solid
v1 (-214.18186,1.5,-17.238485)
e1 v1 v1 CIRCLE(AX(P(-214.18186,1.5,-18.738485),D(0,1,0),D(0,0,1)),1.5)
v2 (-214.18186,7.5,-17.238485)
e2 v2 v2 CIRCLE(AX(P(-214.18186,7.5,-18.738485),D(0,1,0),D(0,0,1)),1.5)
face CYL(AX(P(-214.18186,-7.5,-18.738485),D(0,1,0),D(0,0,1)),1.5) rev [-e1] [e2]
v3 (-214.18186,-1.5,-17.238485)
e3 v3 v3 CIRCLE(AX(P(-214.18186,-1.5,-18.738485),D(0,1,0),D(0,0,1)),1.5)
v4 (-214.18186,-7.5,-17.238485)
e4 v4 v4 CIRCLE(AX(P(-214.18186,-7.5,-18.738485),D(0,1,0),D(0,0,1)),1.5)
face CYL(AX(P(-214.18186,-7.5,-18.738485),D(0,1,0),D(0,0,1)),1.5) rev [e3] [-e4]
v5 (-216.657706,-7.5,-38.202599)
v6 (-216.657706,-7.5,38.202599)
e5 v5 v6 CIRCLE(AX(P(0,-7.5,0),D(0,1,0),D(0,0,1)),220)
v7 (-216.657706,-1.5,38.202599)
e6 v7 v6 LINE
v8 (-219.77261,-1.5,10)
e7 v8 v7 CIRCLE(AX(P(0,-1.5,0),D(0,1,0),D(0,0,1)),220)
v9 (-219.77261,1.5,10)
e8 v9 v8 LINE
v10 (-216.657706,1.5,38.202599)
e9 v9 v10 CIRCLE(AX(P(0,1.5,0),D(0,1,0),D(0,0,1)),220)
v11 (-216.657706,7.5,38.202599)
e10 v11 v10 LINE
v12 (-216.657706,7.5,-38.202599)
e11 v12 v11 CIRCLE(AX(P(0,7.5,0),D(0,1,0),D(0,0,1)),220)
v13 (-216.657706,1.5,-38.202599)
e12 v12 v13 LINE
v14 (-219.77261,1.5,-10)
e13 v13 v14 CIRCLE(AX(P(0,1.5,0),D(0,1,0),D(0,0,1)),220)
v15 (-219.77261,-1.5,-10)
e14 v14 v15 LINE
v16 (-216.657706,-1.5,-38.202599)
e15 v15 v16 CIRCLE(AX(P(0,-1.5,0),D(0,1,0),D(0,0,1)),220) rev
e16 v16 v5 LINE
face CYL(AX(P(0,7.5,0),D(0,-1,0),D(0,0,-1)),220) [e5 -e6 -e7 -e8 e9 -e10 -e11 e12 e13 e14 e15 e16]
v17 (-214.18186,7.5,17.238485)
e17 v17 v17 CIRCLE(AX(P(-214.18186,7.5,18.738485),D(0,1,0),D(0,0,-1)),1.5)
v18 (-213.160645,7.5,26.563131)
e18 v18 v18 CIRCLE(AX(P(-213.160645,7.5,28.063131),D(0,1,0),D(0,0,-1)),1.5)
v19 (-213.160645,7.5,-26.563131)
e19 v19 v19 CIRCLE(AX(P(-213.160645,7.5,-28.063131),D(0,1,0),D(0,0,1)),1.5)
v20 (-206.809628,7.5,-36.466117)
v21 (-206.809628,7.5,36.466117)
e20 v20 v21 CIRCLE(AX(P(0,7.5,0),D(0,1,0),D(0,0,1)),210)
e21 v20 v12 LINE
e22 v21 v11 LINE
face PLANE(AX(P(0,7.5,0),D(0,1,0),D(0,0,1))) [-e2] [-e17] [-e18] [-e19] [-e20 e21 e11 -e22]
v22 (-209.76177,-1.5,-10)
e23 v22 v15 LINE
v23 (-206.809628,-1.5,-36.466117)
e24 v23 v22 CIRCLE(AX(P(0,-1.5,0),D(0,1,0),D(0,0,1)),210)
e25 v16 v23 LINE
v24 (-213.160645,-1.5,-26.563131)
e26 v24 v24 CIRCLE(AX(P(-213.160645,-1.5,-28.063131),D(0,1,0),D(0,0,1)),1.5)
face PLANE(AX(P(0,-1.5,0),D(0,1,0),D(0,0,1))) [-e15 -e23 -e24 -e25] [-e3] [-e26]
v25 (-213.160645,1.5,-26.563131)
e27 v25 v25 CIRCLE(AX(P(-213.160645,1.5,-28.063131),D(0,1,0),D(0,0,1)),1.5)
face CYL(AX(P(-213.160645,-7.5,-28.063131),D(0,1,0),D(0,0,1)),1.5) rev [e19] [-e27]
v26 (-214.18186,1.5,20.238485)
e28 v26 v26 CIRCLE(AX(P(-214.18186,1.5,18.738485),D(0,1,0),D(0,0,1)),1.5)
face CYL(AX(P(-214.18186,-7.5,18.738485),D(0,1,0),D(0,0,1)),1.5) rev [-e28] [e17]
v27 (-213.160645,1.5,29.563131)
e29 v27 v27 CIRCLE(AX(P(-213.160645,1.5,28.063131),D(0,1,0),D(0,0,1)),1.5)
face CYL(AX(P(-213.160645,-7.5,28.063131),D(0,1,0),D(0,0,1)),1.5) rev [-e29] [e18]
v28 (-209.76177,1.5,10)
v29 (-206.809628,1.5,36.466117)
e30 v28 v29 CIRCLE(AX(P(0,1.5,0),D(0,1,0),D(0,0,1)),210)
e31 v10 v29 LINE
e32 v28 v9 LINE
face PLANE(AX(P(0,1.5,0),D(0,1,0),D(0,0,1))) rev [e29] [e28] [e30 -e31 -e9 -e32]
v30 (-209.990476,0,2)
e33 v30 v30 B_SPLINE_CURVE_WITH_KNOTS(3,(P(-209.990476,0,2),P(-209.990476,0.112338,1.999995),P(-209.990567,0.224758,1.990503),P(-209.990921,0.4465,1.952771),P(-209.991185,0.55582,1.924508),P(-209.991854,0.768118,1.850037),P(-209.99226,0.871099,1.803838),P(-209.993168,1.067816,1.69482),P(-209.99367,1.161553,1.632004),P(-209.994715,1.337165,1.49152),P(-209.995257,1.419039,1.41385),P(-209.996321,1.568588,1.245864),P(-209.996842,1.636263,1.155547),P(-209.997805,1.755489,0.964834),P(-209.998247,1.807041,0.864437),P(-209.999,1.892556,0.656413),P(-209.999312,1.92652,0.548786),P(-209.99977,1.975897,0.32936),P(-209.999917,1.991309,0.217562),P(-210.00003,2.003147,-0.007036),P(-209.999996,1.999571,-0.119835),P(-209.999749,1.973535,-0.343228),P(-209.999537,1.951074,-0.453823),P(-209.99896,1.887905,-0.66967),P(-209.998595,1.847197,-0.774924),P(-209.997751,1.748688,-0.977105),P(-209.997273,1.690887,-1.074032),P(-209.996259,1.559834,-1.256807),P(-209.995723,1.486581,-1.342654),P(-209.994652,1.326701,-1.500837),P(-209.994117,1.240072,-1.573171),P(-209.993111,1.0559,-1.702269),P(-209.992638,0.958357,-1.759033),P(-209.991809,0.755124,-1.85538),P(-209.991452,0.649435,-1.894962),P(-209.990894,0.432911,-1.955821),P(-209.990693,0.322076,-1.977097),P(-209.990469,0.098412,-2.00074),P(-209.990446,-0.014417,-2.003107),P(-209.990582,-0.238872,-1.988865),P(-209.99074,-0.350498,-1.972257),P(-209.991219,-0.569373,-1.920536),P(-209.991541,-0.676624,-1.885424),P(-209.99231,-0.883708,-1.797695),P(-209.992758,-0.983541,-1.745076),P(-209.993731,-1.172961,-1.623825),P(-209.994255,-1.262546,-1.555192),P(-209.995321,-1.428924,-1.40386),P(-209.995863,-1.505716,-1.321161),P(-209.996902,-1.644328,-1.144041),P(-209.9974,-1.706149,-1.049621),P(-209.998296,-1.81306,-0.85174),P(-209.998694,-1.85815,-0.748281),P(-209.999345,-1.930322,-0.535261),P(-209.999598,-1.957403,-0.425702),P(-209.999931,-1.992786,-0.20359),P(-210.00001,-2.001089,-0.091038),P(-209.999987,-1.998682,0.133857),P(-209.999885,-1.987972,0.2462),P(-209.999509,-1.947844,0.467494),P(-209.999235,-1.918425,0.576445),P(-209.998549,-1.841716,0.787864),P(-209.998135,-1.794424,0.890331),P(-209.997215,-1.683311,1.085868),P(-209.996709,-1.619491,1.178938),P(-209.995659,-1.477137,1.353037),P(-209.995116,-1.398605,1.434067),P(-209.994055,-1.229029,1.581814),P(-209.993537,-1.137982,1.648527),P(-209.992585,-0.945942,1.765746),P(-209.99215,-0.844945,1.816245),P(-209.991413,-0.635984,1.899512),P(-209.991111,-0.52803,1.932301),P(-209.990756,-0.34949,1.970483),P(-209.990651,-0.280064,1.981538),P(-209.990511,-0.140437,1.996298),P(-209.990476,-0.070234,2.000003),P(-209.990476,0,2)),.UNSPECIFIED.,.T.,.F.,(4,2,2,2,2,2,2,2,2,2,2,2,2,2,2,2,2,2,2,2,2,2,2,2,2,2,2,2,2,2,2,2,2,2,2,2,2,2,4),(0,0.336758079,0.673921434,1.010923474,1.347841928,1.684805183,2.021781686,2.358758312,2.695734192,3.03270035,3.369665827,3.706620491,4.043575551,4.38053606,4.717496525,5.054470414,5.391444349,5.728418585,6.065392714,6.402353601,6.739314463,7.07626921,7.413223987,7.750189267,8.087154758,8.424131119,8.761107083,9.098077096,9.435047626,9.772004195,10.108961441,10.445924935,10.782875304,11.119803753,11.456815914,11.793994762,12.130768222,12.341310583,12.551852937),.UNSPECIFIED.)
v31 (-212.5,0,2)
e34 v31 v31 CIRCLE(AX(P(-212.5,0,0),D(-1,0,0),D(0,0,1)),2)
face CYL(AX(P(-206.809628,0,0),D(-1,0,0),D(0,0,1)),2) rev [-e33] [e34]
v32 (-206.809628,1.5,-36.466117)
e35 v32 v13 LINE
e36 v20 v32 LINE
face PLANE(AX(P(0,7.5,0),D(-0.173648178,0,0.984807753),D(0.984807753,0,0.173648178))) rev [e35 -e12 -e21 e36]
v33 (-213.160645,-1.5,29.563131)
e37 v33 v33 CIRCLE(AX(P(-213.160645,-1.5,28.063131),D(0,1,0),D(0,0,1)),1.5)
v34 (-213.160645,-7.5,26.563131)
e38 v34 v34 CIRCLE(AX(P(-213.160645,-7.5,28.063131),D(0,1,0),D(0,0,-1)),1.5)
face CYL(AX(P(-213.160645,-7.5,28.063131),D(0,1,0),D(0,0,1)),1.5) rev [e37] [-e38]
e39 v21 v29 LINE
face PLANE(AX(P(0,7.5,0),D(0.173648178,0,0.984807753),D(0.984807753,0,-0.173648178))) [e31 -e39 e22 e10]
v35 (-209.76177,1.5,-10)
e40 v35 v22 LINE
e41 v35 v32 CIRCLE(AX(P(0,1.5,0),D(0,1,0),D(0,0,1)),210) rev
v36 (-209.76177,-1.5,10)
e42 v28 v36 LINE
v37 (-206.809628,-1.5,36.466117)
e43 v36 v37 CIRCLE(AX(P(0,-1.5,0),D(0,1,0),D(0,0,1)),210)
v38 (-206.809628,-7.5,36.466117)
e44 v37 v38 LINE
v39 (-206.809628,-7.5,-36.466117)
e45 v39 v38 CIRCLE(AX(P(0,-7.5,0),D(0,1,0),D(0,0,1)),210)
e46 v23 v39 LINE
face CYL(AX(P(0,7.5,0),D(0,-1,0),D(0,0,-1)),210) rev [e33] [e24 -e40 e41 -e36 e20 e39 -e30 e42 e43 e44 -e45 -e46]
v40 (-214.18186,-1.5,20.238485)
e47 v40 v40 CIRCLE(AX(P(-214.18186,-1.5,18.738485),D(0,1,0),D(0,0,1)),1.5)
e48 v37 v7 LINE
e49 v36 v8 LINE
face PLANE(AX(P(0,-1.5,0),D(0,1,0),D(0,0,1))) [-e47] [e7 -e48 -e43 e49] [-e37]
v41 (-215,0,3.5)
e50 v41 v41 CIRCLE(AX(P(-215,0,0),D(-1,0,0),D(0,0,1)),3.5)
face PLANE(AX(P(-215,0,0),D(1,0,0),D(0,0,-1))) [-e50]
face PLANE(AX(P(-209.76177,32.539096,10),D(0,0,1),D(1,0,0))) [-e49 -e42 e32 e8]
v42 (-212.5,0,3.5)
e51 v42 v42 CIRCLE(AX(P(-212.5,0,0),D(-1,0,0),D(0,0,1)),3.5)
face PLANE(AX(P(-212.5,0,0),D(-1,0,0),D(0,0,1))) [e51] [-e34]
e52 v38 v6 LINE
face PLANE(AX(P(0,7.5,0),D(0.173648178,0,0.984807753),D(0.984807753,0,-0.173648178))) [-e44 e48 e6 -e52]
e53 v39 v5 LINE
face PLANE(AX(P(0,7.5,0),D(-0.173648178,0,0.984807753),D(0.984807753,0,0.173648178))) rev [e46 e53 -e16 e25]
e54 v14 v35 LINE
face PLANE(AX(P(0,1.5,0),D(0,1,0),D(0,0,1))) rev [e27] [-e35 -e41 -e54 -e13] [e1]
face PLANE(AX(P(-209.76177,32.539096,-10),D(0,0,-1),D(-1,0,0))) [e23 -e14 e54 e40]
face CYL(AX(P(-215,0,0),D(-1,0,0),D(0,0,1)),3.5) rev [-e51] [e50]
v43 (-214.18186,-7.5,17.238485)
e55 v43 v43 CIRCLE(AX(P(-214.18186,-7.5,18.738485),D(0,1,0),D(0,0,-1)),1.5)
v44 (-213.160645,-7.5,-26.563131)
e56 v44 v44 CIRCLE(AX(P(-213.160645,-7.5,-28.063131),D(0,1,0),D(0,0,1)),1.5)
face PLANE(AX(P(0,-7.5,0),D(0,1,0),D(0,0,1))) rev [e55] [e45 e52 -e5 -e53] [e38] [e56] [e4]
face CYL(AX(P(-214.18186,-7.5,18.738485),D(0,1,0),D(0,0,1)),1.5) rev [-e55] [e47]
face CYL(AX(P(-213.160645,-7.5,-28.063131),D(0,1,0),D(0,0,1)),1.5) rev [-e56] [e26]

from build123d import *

# Parameters (mm, degrees)
BASE2_DEPTH            = 7.5
MOUNT2_START           = -1.5
MOUNT2_DEPTH           = 3
MOUNT_HOLE2_DEPTH      = 224.418192135
MOUNT_HOLE2_DEPTH_BACK = 224.418192135
SKETCH16_R             = 1.5
SKETCH17_R             = 2
SHAFT_HOLE_DEPTH       = 40.784051683
SKETCH18_W             = 2.5
SKETCH18_H             = 3.5


with BuildPart() as part:
    # Sketch13 → base2 (new, symmetric)
    with BuildSketch(Plane(origin=(0, 0, 0), x_dir=(1, 0, 0), z_dir=(0, 1, 0))):
        with BuildLine():
            ThreePointArc((-209.761769634, 10), (-208.70564487, 23.279901188), (-206.809628133, 36.46611731))
            Line((-206.809628133, 36.46611731), (-216.657705663, 38.202599087))
            ThreePointArc((-216.657705663, 38.202599087), (-218.670303662, 24.151569236), (-219.772609758, 10))
            Line((-219.772609758, 10), (-209.761769634, 10))
        make_face()
        with BuildLine():
            ThreePointArc((-209.761769634, -10), (-210, 0), (-209.761769634, 10))
            Line((-209.761769634, 10), (-219.772609758, 10))
            ThreePointArc((-219.772609758, 10), (-220, 0), (-219.772609758, -10))
            Line((-219.772609758, -10), (-209.761769634, -10))
        make_face()
        with BuildLine():
            Line((-216.657705663, -38.202599087), (-206.809628133, -36.46611731))
            ThreePointArc((-206.809628133, -36.46611731), (-208.70564487, -23.279901188), (-209.761769634, -10))
            Line((-209.761769634, -10), (-219.772609758, -10))
            ThreePointArc((-219.772609758, -10), (-218.670303662, -24.151569236), (-216.657705663, -38.202599087))
        make_face()
    extrude(amount=BASE2_DEPTH, both=True)

    # Sketch14 → mount2 (cut)
    with BuildSketch(Plane(origin=(0, 0, 0), x_dir=(1, 0, 0), z_dir=(0, 1, 0)).offset(MOUNT2_START)):
        with BuildLine():
            Line((-209.761769634, -10), (-219.772609758, -10))
            ThreePointArc((-219.772609758, -10), (-218.670303662, -24.151569236), (-216.657705663, -38.202599087))
            Line((-216.657705663, -38.202599087), (-206.809628133, -36.46611731))
            ThreePointArc((-206.809628133, -36.46611731), (-208.70564487, -23.279901188), (-209.761769634, -10))
        make_face()
        with BuildLine():
            Line((-209.761769634, 10), (-219.772609758, 10))
            ThreePointArc((-219.772609758, 10), (-218.670303662, 24.151569236), (-216.657705663, 38.202599087))
            Line((-216.657705663, 38.202599087), (-206.809628133, 36.46611731))
            ThreePointArc((-206.809628133, 36.46611731), (-208.70564487, 23.279901188), (-209.761769634, 10))
        make_face()
    extrude(amount=MOUNT2_DEPTH, mode=Mode.SUBTRACT)

    # Sketch16 → mount hole2 (cut, two sides: drawn at the far end of the back side and taken through both)
    with BuildSketch(Plane(origin=(0, 0, 0), x_dir=(1, 0, 0), z_dir=(0, 1, 0)).offset(-MOUNT_HOLE2_DEPTH_BACK)):
        with Locations(Location((-213.160645195, 28.063131327, 0), (0, 0, 270))):
            Circle(SKETCH16_R)
        with Locations(Location((-214.18186009, 18.738484691, 0), (0, 0, 270))):
            Circle(SKETCH16_R)
        with Locations(Location((-214.18186009, -18.738484691, 0), (0, 0, 270))):
            Circle(SKETCH16_R)
        with Locations(Location((-213.160645195, -28.063131327, 0), (0, 0, 270))):
            Circle(SKETCH16_R)
    extrude(amount=MOUNT_HOLE2_DEPTH + MOUNT_HOLE2_DEPTH_BACK, mode=Mode.SUBTRACT)

    # Sketch17 → shaft hole (cut, through all)
    with BuildSketch(Plane(origin=(-215, 0, 0), x_dir=(0, 0, -1), z_dir=(1, 0, 0))):
        with Locations(Location((0, 0, 0), (0, 0, 180))):
            Circle(SKETCH17_R)
    extrude(amount=SHAFT_HOLE_DEPTH, mode=Mode.SUBTRACT)

    # Sketch18 → bearinghole (revolve, cut)
    with BuildSketch(Plane(origin=(0, 0, 0), x_dir=(1, 0, 0), z_dir=(0, 1, 0)), mode=Mode.PRIVATE) as bearinghole_sk:
        with Locations((-213.75, 1.75)):
            Rectangle(SKETCH18_W, SKETCH18_H)
    revolve(bearinghole_sk.sketch.rotate(Axis((-215, 0, 0), (1, 0, 0)), 180), axis=Axis((-215, 0, 0), (1, 0, 0)), mode=Mode.SUBTRACT)


solid = part.part
